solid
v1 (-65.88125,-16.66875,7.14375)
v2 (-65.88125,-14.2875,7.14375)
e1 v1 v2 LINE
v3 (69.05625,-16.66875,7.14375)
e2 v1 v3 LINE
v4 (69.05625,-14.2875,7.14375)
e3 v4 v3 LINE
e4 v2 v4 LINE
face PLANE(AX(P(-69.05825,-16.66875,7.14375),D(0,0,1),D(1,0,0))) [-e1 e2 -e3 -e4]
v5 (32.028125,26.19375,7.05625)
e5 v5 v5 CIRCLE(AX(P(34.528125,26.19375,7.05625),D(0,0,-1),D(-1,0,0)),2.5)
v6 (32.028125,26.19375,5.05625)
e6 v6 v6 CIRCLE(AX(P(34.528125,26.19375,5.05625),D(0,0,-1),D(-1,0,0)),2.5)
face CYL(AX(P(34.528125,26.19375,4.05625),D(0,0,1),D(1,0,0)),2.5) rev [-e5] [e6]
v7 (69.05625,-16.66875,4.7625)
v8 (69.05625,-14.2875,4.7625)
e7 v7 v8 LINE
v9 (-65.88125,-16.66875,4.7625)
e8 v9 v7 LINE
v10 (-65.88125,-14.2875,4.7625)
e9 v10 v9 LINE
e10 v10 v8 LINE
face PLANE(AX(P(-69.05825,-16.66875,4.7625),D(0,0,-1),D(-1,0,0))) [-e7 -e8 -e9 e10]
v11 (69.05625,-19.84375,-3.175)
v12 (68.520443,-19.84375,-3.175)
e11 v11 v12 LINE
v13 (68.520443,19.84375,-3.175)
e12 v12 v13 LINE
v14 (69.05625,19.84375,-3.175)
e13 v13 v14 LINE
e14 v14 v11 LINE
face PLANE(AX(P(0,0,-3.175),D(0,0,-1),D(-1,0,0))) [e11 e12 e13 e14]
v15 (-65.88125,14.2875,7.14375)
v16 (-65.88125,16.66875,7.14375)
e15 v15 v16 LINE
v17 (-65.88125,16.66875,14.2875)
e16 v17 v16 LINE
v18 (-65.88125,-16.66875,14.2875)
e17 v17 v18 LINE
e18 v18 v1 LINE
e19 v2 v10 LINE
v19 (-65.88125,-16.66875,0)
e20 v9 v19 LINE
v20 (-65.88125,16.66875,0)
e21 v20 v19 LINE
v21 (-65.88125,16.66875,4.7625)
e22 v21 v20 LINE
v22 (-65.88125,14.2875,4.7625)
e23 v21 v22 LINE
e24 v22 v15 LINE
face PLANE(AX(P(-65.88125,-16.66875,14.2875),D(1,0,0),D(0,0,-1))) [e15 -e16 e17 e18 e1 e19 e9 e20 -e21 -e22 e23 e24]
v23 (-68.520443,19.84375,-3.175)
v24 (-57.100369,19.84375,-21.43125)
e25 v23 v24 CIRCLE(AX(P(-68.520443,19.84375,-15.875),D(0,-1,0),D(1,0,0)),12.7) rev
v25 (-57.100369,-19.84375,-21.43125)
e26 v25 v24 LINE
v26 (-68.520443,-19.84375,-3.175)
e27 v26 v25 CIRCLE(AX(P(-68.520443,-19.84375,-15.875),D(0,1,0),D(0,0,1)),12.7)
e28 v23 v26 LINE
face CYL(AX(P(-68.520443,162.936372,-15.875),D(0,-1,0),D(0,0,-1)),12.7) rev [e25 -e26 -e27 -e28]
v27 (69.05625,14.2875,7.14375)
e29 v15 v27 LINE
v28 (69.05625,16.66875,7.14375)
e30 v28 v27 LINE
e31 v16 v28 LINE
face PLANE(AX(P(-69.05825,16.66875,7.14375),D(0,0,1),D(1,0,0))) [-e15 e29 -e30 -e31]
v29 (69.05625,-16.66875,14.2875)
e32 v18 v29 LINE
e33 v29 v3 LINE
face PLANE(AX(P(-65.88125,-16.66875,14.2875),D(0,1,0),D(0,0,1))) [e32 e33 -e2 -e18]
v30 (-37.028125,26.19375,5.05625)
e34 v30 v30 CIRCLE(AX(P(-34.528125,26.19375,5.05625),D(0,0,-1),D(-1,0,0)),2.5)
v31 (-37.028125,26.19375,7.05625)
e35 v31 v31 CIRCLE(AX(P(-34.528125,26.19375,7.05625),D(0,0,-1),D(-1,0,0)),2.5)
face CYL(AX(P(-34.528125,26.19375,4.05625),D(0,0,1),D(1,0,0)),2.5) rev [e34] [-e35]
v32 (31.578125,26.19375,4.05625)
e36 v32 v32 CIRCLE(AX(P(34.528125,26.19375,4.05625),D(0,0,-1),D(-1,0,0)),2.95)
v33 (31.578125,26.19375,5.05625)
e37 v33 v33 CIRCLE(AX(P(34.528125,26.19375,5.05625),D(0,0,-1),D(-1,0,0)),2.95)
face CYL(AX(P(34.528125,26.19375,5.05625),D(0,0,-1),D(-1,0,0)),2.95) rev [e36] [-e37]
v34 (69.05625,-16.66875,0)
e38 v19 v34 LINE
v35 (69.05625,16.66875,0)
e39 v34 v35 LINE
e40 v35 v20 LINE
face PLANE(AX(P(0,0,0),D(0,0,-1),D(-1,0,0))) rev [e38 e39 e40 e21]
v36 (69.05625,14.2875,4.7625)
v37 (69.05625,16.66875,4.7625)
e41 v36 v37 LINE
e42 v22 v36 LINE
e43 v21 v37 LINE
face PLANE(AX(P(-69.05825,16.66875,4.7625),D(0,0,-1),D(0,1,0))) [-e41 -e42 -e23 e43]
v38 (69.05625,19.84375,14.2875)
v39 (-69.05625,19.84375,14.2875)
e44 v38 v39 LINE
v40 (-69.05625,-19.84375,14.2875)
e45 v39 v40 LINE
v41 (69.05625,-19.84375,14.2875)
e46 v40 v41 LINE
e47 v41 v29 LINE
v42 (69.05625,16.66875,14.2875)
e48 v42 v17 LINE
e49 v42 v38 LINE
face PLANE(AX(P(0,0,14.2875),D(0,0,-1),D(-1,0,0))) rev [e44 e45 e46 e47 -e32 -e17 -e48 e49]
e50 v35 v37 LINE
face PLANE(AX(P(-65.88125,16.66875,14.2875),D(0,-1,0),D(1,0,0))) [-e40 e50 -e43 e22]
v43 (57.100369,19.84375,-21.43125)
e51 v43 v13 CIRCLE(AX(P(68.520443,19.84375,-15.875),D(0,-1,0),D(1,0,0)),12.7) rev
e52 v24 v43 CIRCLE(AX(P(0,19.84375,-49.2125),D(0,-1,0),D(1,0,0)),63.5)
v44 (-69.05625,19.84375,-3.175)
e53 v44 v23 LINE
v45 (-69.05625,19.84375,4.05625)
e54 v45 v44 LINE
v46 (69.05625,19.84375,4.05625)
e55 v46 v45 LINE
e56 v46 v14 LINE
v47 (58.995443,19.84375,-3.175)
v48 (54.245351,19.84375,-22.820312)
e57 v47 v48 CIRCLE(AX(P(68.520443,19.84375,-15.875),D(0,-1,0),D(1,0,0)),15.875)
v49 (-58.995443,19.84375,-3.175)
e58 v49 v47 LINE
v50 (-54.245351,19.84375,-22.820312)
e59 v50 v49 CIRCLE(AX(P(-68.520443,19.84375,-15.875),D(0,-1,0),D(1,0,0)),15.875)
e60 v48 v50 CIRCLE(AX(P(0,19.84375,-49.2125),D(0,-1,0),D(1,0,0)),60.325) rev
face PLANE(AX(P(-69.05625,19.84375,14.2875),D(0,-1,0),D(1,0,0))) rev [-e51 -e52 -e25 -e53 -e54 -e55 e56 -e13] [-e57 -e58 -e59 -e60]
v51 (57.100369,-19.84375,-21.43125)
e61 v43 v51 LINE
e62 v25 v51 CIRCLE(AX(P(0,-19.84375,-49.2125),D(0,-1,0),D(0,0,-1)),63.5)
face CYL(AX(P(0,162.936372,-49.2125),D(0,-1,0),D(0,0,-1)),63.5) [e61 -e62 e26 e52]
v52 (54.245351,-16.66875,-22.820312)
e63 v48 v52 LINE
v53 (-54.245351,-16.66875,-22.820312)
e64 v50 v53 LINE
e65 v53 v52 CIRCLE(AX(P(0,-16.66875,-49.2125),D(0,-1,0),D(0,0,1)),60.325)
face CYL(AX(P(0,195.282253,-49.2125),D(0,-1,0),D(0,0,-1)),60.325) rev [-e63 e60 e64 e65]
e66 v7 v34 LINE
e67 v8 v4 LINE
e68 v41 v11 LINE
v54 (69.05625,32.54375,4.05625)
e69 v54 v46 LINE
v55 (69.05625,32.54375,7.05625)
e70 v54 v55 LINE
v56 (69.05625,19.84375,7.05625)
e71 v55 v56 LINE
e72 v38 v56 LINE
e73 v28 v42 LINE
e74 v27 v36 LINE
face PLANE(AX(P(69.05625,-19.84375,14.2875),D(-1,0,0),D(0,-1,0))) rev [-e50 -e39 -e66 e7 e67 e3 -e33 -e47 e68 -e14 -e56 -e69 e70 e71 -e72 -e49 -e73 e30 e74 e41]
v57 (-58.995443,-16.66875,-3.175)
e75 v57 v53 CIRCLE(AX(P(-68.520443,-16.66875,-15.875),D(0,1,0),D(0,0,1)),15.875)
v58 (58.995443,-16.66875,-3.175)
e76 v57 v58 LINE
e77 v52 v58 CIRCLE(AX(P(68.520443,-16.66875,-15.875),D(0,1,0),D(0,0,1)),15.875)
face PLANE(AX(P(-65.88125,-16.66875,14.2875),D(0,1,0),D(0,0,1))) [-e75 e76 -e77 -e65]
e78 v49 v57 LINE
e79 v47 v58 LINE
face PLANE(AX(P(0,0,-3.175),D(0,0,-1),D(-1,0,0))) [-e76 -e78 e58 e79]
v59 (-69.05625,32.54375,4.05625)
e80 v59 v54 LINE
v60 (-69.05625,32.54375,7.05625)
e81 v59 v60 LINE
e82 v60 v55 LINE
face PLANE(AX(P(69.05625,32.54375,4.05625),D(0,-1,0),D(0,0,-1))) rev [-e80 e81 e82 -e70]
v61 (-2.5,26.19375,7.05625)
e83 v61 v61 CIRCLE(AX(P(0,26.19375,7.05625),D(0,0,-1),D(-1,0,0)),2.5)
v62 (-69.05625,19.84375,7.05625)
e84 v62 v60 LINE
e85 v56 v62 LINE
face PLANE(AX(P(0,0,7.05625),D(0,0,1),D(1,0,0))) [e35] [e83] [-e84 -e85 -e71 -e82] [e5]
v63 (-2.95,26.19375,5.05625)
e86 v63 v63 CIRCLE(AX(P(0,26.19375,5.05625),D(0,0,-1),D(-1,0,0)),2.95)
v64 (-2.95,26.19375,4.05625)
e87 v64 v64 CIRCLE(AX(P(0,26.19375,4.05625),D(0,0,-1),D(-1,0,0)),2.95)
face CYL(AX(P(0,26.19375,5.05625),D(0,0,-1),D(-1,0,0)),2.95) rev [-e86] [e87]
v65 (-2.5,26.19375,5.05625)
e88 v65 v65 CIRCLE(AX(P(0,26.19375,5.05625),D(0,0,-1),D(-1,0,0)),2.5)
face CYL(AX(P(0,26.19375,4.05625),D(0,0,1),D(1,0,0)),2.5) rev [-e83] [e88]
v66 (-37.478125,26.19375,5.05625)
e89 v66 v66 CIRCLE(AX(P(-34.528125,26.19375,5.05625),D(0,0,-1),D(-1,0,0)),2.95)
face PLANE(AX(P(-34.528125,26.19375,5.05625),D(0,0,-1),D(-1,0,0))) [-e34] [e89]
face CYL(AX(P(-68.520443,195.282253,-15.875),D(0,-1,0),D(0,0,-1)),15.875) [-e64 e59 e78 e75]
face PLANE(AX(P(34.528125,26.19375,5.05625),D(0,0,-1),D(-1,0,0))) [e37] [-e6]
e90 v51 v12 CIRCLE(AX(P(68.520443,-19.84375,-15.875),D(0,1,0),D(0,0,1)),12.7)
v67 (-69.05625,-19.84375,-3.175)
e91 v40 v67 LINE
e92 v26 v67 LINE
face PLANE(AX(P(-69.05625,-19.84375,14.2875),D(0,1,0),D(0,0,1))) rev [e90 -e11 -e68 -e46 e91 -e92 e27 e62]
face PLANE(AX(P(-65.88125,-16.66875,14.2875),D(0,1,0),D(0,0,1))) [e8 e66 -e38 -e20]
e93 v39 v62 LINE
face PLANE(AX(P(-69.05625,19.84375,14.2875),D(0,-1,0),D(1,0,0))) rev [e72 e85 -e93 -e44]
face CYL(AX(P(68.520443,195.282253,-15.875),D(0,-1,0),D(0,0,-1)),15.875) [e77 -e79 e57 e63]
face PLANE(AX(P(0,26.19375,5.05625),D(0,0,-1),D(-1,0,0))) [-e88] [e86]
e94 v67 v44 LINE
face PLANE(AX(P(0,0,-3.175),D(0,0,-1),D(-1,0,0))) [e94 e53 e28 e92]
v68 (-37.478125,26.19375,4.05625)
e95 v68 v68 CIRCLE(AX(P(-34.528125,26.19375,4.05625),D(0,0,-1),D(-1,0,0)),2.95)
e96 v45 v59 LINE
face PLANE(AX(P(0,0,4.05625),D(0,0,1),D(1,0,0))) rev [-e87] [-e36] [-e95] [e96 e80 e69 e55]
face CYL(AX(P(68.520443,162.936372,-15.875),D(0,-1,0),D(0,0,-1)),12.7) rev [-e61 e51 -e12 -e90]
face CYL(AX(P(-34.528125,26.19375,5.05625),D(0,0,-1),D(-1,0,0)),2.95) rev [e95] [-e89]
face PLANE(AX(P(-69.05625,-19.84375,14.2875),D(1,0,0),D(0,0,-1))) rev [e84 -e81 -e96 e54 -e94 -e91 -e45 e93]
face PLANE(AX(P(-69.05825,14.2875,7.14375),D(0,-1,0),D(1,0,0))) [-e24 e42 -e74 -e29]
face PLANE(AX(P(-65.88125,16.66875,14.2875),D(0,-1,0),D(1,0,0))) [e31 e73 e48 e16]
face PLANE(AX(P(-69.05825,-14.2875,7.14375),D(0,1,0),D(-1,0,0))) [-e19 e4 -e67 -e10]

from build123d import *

# Parameters (mm, degrees)
SKETCH1_W           = 138.1125
SKETCH1_H           = 39.6875
SKETCH1_W_2         = 131.7625
SKETCH1_H_2         = 33.3375
BOSS_EXTRUDE1_DEPTH = 14.2875
SKETCH2_W           = 138.1125
SKETCH2_H           = 39.6875
BOSS_EXTRUDE2_DEPTH = 3.175
CUT_EXTRUDE1_REACH  = 142.26
SKETCH3_W           = 14.2875
SKETCH3_H           = 33.3375
BOSS_EXTRUDE3_REACH = 142.26
SKETCH4_W           = 2.38125
SKETCH4_H           = 2.38125
BOSS_EXTRUDE4_START = -8.73125
SKETCH6_W           = 138.1125
SKETCH6_H           = 12.7
SKETCH6_R           = 2.5
BOSS_EXTRUDE4_DEPTH = 1.5
SKETCH7_R           = 2.95
CUT_EXTRUDE2_DEPTH  = 1
SKETCH8_R           = 63.5
BOSS_EXTRUDE5_DEPTH = 3.175
FILLET1_R           = 12.7
BOSS_EXTRUDE6_DEPTH = 36.5125


with BuildPart() as part:
    # Sketch1 → Boss-Extrude1 (new body)
    with BuildSketch(Plane.XY):
        Rectangle(SKETCH1_W, SKETCH1_H)
        Rectangle(SKETCH1_W_2, SKETCH1_H_2, mode=Mode.SUBTRACT)
    extrude(amount=BOSS_EXTRUDE1_DEPTH)

    # Sketch2 → Boss-Extrude2 (add)
    with BuildSketch(Plane(origin=(0, 0, 0), x_dir=(-1, 0, 0), z_dir=(0, 0, -1))):
        Rectangle(SKETCH2_W, SKETCH2_H)
    extrude(amount=BOSS_EXTRUDE2_DEPTH)

    # Sketch3 → Cut-Extrude1 (cut, up to next)
    with BuildSketch(Plane(origin=(69.05625, 0, 0), x_dir=(0, 0, -1), z_dir=(1, 0, 0)), mode=Mode.PRIVATE) as cut_extrude1_sk1:
        with Locations((-7.14375, 0)):
            Rectangle(SKETCH3_W, SKETCH3_H)
    cut_extrude1_tool1 = extrude(cut_extrude1_sk1.sketch, amount=-CUT_EXTRUDE1_REACH, mode=Mode.PRIVATE) & part.part
    add(cut_extrude1_tool1.solids().sort_by_distance((69.05625, 0, 7.14375))[0], mode=Mode.SUBTRACT)

    # Sketch4 → Boss-Extrude3 (add, up to next)
    with BuildSketch(Plane(origin=(69.05625, 0, 0), x_dir=(0, 0, -1), z_dir=(1, 0, 0)), mode=Mode.PRIVATE) as boss_extrude3_sk1:
        with Locations((-5.953125, -15.478125)):
            Rectangle(SKETCH4_W, SKETCH4_H)
    boss_extrude3_tool1 = extrude(boss_extrude3_sk1.sketch, amount=-BOSS_EXTRUDE3_REACH, mode=Mode.PRIVATE) - part.part
    # Sketch4 → Boss-Extrude3 (add, up to next)
    with BuildSketch(Plane(origin=(69.05625, 0, 0), x_dir=(0, 0, -1), z_dir=(1, 0, 0)), mode=Mode.PRIVATE) as boss_extrude3_sk2:
        with Locations((-5.953125, 15.478125)):
            Rectangle(SKETCH4_W, SKETCH4_H)
    boss_extrude3_tool2 = extrude(boss_extrude3_sk2.sketch, amount=-BOSS_EXTRUDE3_REACH, mode=Mode.PRIVATE) - part.part
    add(boss_extrude3_tool1.solids().sort_by_distance((69.05625, -15.478125, 5.953125))[0])
    add(boss_extrude3_tool2.solids().sort_by_distance((69.05625, 15.478125, 5.953125))[0])

    # Sketch6 → Boss-Extrude4 (add, symmetric)
    with BuildSketch(Plane(origin=(0, 0, -3.175), x_dir=(-1, 0, 0), z_dir=(0, 0, -1)).offset(BOSS_EXTRUDE4_START)):
        with Locations((0, 26.19375)):
            Rectangle(SKETCH6_W, SKETCH6_H)
        with Locations((0, 26.19375)):
            Circle(SKETCH6_R, mode=Mode.SUBTRACT)
        with Locations((-34.528125, 26.19375)):
            Circle(SKETCH6_R, mode=Mode.SUBTRACT)
        with Locations((34.528125, 26.19375)):
            Circle(SKETCH6_R, mode=Mode.SUBTRACT)
    extrude(amount=BOSS_EXTRUDE4_DEPTH, both=True)

    # Sketch7 → Cut-Extrude2 (cut)
    with BuildSketch(Plane(origin=(0, 0, 4.05625), x_dir=(-1, 0, 0), z_dir=(0, 0, -1))):
        with Locations((-34.528125, 26.19375)):
            Circle(SKETCH7_R)
        with Locations((0, 26.19375)):
            Circle(SKETCH7_R)
        with Locations((34.528125, 26.19375)):
            Circle(SKETCH7_R)
    extrude(amount=-CUT_EXTRUDE2_DEPTH, mode=Mode.SUBTRACT)

    # Sketch8 → Boss-Extrude5 (add)
    with BuildSketch(Plane.XZ.offset(19.84375)):
        with Locations((0, -49.2125)):
            Circle(SKETCH8_R)
    extrude(amount=-BOSS_EXTRUDE5_DEPTH)

    # Fillet1
    fillet1_edges = [part.edges().sort_by_distance(p)[0] for p in [
        (-43.735552972, -18.25625, -3.175),
        (43.735552972, -18.25625, -3.175),
    ]]
    fillet(fillet1_edges, radius=FILLET1_R)

    # Sketch10 → Boss-Extrude6 (add)
    with BuildSketch(Plane(origin=(0, -16.66875, 0), x_dir=(1, 0, 0), z_dir=(0, 1, 0))):
        with BuildLine():
            Line((-68.520442889, 3.175), (-58.995442889, 3.175))
            ThreePointArc((-58.995442889, 3.175), (-53.090093775, 12.144054919), (-54.245350621, 22.8203125))
            ThreePointArc((-54.245350621, 22.8203125), (0, 109.5375), (54.245350621, 22.8203125))
            ThreePointArc((54.245350621, 22.8203125), (53.090093775, 12.144054919), (58.995442889, 3.175))
            Line((58.995442889, 3.175), (68.520442889, 3.175))
            ThreePointArc((68.520442889, 3.175), (57.753494041, 9.139807909), (57.100369074, 21.43125))
            ThreePointArc((57.100369074, 21.43125), (0, 112.7125), (-57.100369074, 21.43125))
            ThreePointArc((-57.100369074, 21.43125), (-57.753494041, 9.139807909), (-68.520442889, 3.175))
        make_face()
    extrude(amount=BOSS_EXTRUDE6_DEPTH)


solid = part.part
